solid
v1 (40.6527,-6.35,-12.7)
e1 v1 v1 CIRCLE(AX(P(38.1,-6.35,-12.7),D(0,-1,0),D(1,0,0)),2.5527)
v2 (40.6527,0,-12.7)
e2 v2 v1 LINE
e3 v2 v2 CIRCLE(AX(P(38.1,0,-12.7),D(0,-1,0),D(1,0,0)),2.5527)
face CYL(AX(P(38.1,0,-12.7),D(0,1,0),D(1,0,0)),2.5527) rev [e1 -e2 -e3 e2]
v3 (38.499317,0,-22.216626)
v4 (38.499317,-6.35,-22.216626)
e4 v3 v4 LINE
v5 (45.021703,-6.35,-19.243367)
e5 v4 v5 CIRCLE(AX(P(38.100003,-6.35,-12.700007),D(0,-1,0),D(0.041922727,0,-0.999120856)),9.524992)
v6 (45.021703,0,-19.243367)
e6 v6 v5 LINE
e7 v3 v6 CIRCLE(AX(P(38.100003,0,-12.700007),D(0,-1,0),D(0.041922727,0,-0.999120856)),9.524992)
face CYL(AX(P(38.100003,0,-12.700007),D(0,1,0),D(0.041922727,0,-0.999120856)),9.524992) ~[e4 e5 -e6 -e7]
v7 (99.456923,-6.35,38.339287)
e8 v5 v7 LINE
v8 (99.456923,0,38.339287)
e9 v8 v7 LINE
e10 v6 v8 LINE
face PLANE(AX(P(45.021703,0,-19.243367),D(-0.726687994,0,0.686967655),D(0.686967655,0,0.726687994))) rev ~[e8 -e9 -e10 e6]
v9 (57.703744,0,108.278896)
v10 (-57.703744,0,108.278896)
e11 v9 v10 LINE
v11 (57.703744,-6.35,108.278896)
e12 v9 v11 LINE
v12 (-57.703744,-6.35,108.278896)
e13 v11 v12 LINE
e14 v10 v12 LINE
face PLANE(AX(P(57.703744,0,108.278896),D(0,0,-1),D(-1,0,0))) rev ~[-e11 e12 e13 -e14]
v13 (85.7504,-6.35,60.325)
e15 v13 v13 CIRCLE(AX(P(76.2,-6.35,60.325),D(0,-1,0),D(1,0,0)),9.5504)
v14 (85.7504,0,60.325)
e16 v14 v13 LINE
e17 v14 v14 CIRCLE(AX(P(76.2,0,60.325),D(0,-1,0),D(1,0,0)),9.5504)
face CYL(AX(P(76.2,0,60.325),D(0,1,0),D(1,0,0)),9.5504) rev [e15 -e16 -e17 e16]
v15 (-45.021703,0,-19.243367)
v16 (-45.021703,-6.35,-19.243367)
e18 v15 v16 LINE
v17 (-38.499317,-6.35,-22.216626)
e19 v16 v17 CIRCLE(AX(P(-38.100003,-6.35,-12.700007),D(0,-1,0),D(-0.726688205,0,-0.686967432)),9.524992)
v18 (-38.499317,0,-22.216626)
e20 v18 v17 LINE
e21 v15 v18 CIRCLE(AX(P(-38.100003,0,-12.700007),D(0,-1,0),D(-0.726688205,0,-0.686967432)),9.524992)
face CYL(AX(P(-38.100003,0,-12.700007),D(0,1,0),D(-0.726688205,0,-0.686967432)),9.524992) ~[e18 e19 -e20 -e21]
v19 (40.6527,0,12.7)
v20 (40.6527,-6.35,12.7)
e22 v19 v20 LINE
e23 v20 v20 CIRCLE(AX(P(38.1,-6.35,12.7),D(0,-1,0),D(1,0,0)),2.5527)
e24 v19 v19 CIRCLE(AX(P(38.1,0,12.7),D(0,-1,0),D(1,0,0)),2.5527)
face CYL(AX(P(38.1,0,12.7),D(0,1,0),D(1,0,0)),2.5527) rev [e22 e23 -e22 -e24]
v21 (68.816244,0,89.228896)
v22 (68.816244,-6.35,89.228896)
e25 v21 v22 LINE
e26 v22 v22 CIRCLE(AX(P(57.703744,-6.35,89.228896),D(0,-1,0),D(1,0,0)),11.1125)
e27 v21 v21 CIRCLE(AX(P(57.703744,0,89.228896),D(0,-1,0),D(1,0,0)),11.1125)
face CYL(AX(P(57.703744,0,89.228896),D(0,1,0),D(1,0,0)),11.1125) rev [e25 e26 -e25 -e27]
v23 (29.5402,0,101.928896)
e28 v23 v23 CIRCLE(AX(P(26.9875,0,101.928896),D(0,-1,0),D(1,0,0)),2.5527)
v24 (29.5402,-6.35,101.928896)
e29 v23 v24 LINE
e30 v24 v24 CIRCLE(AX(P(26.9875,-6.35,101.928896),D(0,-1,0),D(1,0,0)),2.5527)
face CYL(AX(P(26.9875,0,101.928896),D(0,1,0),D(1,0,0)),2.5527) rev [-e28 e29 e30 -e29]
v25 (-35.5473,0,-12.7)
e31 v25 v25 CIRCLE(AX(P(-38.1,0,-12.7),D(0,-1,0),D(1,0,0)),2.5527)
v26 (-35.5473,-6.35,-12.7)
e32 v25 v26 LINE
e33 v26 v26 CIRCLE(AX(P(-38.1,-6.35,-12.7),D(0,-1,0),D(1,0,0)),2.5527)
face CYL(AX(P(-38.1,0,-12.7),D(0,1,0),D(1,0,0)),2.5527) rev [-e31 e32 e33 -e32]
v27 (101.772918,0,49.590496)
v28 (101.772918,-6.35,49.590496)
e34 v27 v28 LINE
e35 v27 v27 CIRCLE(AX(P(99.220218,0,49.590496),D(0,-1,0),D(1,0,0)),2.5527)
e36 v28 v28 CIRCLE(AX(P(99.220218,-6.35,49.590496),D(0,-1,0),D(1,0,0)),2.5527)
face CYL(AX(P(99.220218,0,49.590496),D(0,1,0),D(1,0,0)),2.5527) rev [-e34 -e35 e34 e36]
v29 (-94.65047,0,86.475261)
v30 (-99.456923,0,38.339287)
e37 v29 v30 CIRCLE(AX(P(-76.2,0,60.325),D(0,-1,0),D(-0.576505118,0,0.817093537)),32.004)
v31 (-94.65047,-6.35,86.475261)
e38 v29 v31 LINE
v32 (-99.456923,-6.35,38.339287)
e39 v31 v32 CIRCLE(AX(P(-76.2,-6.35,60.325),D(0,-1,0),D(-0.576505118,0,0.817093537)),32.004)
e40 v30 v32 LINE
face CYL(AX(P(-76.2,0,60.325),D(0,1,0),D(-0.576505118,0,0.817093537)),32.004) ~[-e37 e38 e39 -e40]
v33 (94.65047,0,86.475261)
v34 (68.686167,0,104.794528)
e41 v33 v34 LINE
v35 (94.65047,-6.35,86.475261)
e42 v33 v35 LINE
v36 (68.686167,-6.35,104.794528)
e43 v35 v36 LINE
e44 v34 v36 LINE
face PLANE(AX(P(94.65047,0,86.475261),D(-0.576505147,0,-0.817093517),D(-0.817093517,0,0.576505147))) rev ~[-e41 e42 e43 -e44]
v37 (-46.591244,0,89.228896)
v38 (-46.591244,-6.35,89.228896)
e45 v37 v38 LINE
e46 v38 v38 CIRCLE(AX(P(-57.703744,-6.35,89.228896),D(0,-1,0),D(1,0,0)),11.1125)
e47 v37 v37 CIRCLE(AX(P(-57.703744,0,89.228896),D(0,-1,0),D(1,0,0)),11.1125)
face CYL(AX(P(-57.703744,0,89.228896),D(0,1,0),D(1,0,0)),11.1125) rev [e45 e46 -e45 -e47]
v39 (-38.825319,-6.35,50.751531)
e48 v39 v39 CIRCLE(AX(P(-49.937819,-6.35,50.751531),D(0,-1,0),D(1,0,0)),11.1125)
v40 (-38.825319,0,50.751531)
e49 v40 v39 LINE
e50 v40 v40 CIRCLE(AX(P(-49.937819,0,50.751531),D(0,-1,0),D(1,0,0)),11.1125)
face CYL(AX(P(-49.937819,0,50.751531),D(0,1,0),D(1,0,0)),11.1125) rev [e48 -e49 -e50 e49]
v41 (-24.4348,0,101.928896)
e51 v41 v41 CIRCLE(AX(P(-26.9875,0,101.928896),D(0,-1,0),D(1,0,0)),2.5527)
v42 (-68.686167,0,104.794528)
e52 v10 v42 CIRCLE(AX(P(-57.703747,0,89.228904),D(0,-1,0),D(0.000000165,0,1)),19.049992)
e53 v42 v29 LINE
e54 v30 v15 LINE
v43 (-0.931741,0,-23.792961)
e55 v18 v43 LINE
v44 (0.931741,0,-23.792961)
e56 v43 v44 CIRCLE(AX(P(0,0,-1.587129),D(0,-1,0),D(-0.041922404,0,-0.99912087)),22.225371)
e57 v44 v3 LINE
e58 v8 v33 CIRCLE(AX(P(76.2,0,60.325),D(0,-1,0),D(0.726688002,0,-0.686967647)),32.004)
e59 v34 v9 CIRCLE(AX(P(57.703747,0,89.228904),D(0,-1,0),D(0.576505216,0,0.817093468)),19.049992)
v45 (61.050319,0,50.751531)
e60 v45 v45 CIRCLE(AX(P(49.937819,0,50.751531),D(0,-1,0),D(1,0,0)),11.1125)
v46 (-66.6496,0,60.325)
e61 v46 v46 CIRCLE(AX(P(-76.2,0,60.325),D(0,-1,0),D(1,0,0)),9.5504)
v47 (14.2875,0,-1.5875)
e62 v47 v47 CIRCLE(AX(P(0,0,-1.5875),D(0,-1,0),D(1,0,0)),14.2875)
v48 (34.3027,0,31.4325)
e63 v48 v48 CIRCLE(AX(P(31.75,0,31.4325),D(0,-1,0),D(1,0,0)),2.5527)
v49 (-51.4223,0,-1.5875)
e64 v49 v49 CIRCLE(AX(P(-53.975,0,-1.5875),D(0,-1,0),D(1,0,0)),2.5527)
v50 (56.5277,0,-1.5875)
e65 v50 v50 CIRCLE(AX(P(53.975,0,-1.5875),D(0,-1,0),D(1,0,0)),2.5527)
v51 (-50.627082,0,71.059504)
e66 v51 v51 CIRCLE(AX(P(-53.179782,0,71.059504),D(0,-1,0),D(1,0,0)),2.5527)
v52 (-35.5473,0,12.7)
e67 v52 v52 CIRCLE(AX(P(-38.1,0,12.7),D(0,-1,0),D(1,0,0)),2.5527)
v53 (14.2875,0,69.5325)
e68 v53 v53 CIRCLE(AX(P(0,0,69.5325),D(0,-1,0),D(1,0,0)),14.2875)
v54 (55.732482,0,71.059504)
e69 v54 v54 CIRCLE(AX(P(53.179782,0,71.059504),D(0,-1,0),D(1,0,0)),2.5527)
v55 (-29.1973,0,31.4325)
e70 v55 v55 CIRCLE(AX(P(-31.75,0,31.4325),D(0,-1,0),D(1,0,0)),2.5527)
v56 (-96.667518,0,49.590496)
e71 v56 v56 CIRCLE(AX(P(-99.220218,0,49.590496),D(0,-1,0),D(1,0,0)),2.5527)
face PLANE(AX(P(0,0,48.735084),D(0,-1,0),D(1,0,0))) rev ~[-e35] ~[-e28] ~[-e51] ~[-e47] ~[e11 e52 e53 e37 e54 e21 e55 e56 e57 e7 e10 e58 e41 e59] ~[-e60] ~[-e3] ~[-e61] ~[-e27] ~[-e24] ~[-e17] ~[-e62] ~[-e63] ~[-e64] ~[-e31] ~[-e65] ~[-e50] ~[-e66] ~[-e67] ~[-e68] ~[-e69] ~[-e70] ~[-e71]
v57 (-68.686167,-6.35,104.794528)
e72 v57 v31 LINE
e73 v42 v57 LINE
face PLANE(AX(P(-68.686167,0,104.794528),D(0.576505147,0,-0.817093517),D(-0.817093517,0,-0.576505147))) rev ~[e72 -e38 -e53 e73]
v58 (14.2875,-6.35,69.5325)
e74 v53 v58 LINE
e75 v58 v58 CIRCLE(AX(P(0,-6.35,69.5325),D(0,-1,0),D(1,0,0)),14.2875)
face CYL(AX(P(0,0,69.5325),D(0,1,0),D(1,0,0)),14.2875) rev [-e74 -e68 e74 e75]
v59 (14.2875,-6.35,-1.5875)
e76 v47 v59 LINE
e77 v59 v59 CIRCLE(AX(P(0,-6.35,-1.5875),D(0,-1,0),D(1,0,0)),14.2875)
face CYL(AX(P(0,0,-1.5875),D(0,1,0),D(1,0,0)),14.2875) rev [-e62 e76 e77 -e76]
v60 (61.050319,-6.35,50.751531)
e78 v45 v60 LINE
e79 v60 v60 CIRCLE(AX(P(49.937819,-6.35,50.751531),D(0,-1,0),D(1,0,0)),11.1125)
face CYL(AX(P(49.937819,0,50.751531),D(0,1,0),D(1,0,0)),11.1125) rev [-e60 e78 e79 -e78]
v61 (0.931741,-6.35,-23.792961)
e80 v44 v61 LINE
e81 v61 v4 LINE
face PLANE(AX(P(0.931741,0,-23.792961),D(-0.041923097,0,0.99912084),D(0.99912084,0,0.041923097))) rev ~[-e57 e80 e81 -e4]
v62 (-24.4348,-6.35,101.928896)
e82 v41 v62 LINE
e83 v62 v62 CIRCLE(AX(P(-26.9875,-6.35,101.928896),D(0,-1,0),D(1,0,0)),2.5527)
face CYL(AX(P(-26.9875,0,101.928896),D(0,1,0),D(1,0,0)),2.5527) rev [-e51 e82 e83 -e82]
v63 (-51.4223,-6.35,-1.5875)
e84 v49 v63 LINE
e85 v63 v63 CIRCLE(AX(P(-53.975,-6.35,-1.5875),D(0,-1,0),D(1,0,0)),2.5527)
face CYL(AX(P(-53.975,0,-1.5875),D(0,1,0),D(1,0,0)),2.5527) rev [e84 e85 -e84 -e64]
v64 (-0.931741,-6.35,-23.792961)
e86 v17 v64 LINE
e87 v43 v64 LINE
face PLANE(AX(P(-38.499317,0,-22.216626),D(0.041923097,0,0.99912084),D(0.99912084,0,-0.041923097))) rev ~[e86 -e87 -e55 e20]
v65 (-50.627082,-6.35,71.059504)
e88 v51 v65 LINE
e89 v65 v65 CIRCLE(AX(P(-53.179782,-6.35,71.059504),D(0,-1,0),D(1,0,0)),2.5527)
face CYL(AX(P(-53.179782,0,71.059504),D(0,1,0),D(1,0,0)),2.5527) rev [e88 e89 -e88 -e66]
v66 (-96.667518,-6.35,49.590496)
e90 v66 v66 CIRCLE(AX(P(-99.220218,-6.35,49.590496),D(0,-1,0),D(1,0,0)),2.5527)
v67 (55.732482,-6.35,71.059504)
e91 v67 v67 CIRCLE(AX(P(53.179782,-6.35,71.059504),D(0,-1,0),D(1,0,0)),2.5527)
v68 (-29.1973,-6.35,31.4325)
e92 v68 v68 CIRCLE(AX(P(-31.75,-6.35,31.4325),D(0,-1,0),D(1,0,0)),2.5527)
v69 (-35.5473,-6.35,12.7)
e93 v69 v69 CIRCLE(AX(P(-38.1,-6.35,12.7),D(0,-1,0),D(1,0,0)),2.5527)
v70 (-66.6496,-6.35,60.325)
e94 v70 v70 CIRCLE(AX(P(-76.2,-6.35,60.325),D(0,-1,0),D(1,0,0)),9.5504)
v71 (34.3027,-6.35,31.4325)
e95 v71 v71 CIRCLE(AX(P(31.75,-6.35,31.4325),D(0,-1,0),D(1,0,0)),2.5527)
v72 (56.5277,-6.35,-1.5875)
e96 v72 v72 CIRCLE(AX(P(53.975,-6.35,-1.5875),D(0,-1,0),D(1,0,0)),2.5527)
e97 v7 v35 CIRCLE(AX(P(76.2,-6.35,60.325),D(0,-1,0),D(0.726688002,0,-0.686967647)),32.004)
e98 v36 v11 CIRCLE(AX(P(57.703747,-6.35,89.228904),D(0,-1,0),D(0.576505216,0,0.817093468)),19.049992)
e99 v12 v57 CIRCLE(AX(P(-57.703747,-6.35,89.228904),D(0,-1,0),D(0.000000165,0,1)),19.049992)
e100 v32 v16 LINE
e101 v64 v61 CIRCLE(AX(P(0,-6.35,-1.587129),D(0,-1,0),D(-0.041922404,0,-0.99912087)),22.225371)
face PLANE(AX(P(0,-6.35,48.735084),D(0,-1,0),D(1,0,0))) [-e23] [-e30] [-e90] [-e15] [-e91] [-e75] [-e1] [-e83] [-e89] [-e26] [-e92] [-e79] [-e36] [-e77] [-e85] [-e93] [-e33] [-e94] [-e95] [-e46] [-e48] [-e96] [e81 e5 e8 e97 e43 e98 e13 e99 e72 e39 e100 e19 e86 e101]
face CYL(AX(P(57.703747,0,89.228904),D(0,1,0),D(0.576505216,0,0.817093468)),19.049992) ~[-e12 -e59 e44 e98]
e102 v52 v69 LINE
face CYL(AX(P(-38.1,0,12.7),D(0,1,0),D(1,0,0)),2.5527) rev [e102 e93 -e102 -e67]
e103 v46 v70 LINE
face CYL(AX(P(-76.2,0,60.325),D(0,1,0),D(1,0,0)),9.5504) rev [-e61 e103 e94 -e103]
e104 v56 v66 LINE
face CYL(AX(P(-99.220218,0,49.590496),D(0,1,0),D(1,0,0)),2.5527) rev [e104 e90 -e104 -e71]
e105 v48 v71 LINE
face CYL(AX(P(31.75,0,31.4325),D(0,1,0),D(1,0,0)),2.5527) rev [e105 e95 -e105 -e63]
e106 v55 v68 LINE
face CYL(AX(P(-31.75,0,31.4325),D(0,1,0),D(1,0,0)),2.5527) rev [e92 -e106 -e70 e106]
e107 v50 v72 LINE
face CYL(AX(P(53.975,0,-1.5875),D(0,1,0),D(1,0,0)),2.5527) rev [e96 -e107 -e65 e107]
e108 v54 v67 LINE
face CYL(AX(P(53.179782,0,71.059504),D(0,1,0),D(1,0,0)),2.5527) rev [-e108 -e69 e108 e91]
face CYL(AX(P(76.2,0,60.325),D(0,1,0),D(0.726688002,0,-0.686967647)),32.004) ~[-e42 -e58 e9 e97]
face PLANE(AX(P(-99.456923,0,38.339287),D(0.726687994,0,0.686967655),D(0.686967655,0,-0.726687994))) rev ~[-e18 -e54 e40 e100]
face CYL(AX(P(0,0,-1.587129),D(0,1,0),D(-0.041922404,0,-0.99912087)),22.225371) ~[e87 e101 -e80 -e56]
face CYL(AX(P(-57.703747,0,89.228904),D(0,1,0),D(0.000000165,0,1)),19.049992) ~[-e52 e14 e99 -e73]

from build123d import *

# Parameters (mm, degrees)
F0_R     = 2.5527
F0_R_2   = 14.2875
F0_R_3   = 9.5504
F0_R_4   = 11.1125
F1_DEPTH = 6.35


with BuildPart() as f1:
    # F0 (on Front) → F1 (new body)
    with BuildSketch(Plane.XZ):
        with BuildLine():
            Line((-99.456923, 38.339287), (-45.021703, -19.243367))
            ThreePointArc((-45.021703, -19.243367), (-42.050874, -21.366962), (-38.499317, -22.216626))
            Line((-38.499317, -22.216626), (-0.931741, -23.792961))
            ThreePointArc((-0.931741, -23.792961), (0, -23.8125), (0.931741, -23.792961))
            Line((0.931741, -23.792961), (38.499317, -22.216626))
            ThreePointArc((38.499317, -22.216626), (42.050874, -21.366962), (45.021703, -19.243367))
            Line((45.021703, -19.243367), (99.456923, 38.339287))
            ThreePointArc((99.456923, 38.339287), (108.045638, 63.504837), (94.65047, 86.475261))
            Line((94.65047, 86.475261), (68.686167, 104.794528))
            ThreePointArc((68.686167, 104.794528), (63.4647, 107.386922), (57.703744, 108.278896))
            Line((57.703744, 108.278896), (-57.703744, 108.278896))
            ThreePointArc((-57.703744, 108.278896), (-63.4647, 107.386922), (-68.686167, 104.794528))
            Line((-68.686167, 104.794528), (-94.65047, 86.475261))
            ThreePointArc((-94.65047, 86.475261), (-108.045638, 63.504837), (-99.456923, 38.339287))
        make_face()
        with Locations((-38.1, -12.7)):
            Circle(F0_R, mode=Mode.SUBTRACT)
        with Locations((-53.975, -1.5875)):
            Circle(F0_R, mode=Mode.SUBTRACT)
        with Locations((0, -1.5875)):
            Circle(F0_R_2, mode=Mode.SUBTRACT)
        with Locations((-38.1, 12.7)):
            Circle(F0_R, mode=Mode.SUBTRACT)
        with Locations((-31.75, 31.4325)):
            Circle(F0_R, mode=Mode.SUBTRACT)
        with Locations((38.1, -12.7)):
            Circle(F0_R, mode=Mode.SUBTRACT)
        with Locations((53.975, -1.5875)):
            Circle(F0_R, mode=Mode.SUBTRACT)
        with Locations((38.1, 12.7)):
            Circle(F0_R, mode=Mode.SUBTRACT)
        with Locations((31.75, 31.4325)):
            Circle(F0_R, mode=Mode.SUBTRACT)
        with Locations((-99.220218, 49.590496)):
            Circle(F0_R, mode=Mode.SUBTRACT)
        with Locations((-76.2, 60.325)):
            Circle(F0_R_3, mode=Mode.SUBTRACT)
        with Locations((-49.937819, 50.751531)):
            Circle(F0_R_4, mode=Mode.SUBTRACT)
        with Locations((-53.179782, 71.059504)):
            Circle(F0_R, mode=Mode.SUBTRACT)
        with Locations((0, 69.5325)):
            Circle(F0_R_2, mode=Mode.SUBTRACT)
        with Locations((-57.703744, 89.228896)):
            Circle(F0_R_4, mode=Mode.SUBTRACT)
        with Locations((-26.9875, 101.928896)):
            Circle(F0_R, mode=Mode.SUBTRACT)
        with Locations((49.937819, 50.751531)):
            Circle(F0_R_4, mode=Mode.SUBTRACT)
        with Locations((53.179782, 71.059504)):
            Circle(F0_R, mode=Mode.SUBTRACT)
        with Locations((99.220218, 49.590496)):
            Circle(F0_R, mode=Mode.SUBTRACT)
        with Locations((76.2, 60.325)):
            Circle(F0_R_3, mode=Mode.SUBTRACT)
        with Locations((26.9875, 101.928896)):
            Circle(F0_R, mode=Mode.SUBTRACT)
        with Locations((57.703744, 89.228896)):
            Circle(F0_R_4, mode=Mode.SUBTRACT)
    extrude(amount=F1_DEPTH)


solid = f1.part
